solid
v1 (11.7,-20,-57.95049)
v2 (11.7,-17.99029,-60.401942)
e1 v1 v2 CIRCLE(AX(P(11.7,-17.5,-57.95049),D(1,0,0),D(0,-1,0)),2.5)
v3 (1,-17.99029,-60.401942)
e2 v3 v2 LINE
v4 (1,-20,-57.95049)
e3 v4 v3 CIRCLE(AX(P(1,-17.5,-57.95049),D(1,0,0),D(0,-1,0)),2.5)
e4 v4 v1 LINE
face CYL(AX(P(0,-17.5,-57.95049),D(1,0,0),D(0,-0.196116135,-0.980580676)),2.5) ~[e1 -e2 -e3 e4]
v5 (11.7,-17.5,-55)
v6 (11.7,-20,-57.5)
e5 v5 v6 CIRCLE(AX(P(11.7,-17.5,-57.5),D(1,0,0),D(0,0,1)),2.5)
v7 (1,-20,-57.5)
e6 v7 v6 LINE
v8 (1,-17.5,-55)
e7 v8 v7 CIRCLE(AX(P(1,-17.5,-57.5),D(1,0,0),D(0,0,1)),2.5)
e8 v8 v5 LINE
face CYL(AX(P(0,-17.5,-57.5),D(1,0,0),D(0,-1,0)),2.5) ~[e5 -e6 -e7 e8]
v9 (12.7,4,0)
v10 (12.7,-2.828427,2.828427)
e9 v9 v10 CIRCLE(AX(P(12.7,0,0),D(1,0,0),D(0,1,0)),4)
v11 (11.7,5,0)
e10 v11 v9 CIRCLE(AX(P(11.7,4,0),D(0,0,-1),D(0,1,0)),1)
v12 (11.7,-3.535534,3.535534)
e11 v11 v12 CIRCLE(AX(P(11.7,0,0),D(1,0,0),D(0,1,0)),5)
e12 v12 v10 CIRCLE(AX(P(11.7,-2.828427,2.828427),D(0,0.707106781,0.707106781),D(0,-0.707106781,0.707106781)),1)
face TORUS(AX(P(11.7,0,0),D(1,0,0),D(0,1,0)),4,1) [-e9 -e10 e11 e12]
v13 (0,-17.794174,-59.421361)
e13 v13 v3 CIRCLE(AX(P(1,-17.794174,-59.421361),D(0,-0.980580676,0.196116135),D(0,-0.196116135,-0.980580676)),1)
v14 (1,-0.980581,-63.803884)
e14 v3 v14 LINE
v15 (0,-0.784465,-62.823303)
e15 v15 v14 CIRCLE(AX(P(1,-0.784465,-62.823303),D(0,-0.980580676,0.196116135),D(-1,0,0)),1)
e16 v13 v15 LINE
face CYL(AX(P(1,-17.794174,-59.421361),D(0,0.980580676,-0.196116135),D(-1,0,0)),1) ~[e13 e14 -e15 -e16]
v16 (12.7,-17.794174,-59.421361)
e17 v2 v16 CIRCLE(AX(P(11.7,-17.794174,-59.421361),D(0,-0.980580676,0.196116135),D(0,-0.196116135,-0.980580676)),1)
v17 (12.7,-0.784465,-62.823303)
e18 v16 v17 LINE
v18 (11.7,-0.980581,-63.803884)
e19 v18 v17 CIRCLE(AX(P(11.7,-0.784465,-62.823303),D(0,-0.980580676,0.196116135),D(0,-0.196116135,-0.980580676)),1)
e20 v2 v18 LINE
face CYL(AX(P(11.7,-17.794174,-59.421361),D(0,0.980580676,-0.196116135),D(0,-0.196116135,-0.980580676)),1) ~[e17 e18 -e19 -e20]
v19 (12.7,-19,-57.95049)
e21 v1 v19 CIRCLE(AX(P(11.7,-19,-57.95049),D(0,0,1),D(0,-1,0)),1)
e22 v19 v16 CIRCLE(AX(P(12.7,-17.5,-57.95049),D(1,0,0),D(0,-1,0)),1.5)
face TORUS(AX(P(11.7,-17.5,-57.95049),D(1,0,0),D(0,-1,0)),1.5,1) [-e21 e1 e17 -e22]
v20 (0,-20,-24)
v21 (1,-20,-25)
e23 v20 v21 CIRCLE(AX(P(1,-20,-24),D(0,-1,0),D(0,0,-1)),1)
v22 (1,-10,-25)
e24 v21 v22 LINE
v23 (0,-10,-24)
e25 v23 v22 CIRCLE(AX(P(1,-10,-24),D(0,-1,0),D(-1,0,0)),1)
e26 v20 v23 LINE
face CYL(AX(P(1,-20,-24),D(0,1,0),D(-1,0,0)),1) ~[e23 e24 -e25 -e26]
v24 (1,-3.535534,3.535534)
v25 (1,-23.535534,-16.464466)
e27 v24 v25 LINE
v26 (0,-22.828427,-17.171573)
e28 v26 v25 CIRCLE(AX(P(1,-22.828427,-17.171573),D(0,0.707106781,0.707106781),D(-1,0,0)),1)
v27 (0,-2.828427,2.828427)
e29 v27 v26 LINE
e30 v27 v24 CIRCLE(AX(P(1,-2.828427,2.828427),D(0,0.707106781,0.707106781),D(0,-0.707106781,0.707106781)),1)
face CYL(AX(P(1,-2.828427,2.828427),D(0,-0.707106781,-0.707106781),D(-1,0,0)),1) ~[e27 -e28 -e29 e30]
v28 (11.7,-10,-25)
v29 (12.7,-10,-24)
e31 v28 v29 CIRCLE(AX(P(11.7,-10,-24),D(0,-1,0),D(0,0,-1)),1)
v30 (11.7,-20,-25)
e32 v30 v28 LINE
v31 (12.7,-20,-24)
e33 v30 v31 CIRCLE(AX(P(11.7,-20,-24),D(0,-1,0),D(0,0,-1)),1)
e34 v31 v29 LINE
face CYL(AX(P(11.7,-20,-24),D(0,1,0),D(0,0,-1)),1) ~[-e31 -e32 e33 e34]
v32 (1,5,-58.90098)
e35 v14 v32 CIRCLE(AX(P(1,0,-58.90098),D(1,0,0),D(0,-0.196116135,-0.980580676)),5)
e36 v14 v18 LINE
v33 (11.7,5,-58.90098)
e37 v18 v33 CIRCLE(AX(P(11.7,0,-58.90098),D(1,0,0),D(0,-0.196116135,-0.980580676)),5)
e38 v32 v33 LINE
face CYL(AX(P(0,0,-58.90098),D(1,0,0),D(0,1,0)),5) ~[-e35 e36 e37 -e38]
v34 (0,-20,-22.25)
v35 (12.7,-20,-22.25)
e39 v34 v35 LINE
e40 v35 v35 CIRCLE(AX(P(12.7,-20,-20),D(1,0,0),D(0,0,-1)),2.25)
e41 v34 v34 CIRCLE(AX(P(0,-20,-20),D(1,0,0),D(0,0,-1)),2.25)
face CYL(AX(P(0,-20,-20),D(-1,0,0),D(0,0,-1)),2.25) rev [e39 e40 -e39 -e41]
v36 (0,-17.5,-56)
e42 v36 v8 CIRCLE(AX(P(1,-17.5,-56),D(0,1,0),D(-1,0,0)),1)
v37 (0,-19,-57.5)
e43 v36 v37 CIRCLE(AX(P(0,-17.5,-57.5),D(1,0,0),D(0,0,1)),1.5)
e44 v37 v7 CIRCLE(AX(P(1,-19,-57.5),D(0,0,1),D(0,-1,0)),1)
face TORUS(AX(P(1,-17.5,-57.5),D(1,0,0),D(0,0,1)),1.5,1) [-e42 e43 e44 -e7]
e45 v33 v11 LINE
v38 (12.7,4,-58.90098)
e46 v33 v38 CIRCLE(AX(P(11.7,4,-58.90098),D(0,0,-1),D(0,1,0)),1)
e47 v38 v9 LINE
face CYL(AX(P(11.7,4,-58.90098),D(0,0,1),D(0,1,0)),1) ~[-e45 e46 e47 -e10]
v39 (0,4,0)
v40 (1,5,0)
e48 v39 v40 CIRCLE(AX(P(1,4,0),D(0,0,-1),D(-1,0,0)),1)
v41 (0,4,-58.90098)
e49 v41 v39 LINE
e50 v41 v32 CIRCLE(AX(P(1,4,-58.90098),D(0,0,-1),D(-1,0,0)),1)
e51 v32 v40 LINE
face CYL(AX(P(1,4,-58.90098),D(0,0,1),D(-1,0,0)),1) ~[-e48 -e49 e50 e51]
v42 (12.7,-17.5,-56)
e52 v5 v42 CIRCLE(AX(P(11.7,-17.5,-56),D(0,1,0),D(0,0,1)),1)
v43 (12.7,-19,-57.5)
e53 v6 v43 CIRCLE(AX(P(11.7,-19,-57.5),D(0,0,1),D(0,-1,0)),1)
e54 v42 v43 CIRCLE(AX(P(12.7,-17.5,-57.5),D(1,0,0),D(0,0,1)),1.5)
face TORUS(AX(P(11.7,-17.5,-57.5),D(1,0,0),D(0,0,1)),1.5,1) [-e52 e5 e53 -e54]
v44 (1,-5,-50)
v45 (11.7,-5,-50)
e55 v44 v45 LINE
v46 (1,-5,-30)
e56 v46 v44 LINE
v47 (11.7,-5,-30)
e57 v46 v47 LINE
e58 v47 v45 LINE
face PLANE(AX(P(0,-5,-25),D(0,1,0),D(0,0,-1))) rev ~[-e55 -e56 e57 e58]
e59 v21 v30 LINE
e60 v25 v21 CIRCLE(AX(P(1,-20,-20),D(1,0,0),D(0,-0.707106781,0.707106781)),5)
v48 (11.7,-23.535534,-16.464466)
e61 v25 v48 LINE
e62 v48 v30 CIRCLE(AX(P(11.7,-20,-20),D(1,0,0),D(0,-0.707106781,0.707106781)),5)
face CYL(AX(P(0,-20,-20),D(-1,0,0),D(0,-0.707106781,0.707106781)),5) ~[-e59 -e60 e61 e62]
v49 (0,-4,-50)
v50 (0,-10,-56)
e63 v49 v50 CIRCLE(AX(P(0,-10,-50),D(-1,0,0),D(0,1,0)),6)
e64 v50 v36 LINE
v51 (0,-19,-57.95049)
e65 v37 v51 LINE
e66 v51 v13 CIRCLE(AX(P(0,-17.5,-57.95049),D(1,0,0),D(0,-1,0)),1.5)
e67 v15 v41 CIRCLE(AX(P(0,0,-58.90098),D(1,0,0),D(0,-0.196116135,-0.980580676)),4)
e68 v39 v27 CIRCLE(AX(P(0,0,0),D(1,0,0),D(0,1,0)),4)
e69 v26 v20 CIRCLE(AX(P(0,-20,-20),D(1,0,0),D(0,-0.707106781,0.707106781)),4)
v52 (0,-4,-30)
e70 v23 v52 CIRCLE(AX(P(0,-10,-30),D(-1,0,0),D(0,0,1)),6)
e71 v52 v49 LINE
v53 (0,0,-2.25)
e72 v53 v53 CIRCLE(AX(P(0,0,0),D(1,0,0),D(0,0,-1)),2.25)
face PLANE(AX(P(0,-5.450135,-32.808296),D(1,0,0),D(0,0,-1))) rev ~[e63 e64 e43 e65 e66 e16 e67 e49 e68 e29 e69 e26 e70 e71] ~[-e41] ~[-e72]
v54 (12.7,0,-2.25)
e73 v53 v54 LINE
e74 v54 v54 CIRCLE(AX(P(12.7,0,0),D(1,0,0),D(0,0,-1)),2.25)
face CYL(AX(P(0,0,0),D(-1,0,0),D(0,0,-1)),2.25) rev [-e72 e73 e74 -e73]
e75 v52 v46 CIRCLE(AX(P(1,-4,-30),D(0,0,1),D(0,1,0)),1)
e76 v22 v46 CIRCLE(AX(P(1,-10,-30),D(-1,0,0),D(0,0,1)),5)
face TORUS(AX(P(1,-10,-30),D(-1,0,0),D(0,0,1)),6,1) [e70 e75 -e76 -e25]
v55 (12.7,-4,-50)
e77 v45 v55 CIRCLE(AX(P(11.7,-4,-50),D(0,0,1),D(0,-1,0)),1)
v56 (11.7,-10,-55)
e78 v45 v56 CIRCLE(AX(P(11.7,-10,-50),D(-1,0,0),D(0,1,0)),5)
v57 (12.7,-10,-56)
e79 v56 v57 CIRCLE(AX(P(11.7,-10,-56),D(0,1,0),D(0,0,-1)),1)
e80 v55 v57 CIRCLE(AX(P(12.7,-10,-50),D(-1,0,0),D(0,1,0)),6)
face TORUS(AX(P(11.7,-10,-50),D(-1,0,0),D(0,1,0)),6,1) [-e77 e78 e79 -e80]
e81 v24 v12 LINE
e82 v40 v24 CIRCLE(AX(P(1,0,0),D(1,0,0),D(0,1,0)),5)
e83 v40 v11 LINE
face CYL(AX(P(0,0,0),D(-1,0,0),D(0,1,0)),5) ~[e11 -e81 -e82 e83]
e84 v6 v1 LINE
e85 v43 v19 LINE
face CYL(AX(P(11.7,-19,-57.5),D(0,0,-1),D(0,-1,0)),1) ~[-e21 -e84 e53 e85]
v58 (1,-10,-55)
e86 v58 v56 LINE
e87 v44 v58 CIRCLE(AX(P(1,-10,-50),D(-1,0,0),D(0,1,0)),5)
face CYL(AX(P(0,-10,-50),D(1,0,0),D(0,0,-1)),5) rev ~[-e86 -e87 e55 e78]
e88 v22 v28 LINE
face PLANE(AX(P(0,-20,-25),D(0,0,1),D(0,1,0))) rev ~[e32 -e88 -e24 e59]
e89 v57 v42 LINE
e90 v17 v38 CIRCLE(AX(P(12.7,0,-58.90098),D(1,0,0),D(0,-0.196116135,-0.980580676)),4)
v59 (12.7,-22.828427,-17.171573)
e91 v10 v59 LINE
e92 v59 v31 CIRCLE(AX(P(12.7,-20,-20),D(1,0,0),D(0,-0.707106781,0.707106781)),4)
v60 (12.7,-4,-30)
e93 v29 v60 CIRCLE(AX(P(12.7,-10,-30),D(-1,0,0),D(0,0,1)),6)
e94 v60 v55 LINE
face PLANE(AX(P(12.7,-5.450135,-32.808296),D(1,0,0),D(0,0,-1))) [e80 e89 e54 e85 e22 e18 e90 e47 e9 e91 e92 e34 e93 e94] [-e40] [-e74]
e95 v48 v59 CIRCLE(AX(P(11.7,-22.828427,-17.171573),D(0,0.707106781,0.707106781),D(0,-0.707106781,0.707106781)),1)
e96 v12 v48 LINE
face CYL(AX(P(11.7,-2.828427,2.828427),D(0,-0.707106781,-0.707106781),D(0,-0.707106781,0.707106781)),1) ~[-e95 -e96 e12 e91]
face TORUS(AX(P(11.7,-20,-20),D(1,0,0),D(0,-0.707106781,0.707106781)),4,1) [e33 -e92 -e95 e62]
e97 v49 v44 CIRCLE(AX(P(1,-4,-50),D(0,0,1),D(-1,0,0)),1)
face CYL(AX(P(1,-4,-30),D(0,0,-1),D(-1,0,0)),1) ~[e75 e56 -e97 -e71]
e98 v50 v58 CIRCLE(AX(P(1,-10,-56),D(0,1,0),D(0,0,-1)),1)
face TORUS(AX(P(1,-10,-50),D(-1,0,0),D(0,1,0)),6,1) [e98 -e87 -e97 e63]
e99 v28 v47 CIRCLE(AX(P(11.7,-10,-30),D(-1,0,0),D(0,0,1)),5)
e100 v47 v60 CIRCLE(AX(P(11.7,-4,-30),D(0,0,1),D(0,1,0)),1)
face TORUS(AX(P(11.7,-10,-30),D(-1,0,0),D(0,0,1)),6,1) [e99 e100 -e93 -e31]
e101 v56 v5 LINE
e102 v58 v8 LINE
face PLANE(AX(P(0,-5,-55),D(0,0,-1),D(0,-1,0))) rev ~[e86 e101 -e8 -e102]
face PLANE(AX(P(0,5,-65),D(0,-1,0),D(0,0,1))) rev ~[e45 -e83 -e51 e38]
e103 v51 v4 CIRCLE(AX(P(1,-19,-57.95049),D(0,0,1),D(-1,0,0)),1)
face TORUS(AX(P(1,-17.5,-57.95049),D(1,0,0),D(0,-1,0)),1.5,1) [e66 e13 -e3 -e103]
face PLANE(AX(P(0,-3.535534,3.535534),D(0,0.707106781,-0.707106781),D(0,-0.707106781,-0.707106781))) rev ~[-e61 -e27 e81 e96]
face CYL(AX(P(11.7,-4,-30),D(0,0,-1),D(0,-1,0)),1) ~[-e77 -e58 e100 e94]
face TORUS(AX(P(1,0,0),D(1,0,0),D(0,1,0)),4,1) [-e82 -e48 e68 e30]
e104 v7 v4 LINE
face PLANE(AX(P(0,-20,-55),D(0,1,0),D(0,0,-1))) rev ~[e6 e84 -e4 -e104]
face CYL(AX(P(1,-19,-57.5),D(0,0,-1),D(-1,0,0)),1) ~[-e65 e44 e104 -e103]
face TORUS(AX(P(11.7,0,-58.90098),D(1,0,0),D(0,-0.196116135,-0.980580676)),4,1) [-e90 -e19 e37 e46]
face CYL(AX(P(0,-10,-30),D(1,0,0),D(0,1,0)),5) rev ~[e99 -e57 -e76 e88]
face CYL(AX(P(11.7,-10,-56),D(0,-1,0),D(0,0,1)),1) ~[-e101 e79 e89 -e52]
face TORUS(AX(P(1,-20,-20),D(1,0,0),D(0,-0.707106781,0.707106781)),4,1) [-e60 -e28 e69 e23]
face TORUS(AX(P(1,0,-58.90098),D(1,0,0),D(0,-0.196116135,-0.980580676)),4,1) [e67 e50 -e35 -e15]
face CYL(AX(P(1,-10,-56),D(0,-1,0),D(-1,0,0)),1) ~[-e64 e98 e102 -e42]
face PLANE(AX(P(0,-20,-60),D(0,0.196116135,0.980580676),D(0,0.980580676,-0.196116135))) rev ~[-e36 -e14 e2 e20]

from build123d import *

# Parameters (mm, degrees)
SKETCH1_R           = 2.25
BOSS_EXTRUDE1_DEPTH = 12.7
FILLET1_R           = 5
FILLET2_R           = 2.5
FILLET3_R           = 1


with BuildPart() as part:
    # Sketch1 → Boss-Extrude1 (new body)
    with BuildSketch(Plane(origin=(0, 0, 0), x_dir=(0, 0, -1), z_dir=(1, 0, 0))):
        with BuildLine():
            Line((65, 5), (0, 5))
            ThreePointArc((0, 5), (-4.619397663, 1.913417162), (-3.535533906, -3.535533906))
            Line((-3.535533906, -3.535533906), (16.464466094, -23.535533906))
            ThreePointArc((16.464466094, -23.535533906), (21.913417162, -24.619397663), (25, -20))
            Line((25, -20), (25, -5))
            Line((25, -5), (55, -5))
            Line((55, -5), (55, -20))
            Line((55, -20), (60, -20))
            Line((60, -20), (65, 5))
        make_face()
        Circle(SKETCH1_R, mode=Mode.SUBTRACT)
        with Locations((20, -20)):
            Circle(SKETCH1_R, mode=Mode.SUBTRACT)
    extrude(amount=BOSS_EXTRUDE1_DEPTH)

    # Fillet1
    fillet1_edges = [part.edges().sort_by_distance(p)[0] for p in [
        (6.35, 5, -65),
        (6.35, -5, -55),
        (6.35, -5, -25),
    ]]
    fillet(fillet1_edges, radius=FILLET1_R)

    # Fillet2
    fillet2_edges = [part.edges().sort_by_distance(p)[0] for p in [
        (6.35, -20, -60),
        (6.35, -20, -55),
    ]]
    fillet(fillet2_edges, radius=FILLET2_R)

    # Fillet3
    fillet3_edges = [part.edges().sort_by_distance(p)[0] for p in [
        (12.7, 1.913417162, 4.619397663),
        (0, 5, -29.450490243),
        (0, -24.619397663, -21.913417162),
        (12.7, -13.535533906, -6.464466094),
        (0, -13.535533906, -6.464466094),
        (0, 1.913417162, 4.619397663),
        (12.7, -24.619397663, -21.913417162),
        (0, -5, -40),
        (12.7, -5, -40),
        (0, -15, -25),
        (0, 3.169944528, -62.767691193),
        (12.7, -15, -25),
        (12.7, 3.169944528, -62.767691193),
        (0, -6.464466094, -53.535533906),
        (12.7, -6.464466094, -53.535533906),
        (0, -6.464466094, -26.464466094),
        (12.7, -6.464466094, -26.464466094),
        (12.7, 5, -29.450490243),
        (0, -9.485435507, -62.102912899),
        (12.7, -9.485435507, -62.102912899),
        (0, -20, -57.725245122),
        (0, -13.75, -55),
        (0, -19.267766953, -55.732233047),
        (0, -19.433355353, -59.535462507),
        (12.7, -20, -57.725245122),
        (12.7, -13.75, -55),
        (12.7, -19.267766953, -55.732233047),
        (12.7, -19.433355353, -59.535462507),
    ]]
    fillet(fillet3_edges, radius=FILLET3_R)


solid = part.part
